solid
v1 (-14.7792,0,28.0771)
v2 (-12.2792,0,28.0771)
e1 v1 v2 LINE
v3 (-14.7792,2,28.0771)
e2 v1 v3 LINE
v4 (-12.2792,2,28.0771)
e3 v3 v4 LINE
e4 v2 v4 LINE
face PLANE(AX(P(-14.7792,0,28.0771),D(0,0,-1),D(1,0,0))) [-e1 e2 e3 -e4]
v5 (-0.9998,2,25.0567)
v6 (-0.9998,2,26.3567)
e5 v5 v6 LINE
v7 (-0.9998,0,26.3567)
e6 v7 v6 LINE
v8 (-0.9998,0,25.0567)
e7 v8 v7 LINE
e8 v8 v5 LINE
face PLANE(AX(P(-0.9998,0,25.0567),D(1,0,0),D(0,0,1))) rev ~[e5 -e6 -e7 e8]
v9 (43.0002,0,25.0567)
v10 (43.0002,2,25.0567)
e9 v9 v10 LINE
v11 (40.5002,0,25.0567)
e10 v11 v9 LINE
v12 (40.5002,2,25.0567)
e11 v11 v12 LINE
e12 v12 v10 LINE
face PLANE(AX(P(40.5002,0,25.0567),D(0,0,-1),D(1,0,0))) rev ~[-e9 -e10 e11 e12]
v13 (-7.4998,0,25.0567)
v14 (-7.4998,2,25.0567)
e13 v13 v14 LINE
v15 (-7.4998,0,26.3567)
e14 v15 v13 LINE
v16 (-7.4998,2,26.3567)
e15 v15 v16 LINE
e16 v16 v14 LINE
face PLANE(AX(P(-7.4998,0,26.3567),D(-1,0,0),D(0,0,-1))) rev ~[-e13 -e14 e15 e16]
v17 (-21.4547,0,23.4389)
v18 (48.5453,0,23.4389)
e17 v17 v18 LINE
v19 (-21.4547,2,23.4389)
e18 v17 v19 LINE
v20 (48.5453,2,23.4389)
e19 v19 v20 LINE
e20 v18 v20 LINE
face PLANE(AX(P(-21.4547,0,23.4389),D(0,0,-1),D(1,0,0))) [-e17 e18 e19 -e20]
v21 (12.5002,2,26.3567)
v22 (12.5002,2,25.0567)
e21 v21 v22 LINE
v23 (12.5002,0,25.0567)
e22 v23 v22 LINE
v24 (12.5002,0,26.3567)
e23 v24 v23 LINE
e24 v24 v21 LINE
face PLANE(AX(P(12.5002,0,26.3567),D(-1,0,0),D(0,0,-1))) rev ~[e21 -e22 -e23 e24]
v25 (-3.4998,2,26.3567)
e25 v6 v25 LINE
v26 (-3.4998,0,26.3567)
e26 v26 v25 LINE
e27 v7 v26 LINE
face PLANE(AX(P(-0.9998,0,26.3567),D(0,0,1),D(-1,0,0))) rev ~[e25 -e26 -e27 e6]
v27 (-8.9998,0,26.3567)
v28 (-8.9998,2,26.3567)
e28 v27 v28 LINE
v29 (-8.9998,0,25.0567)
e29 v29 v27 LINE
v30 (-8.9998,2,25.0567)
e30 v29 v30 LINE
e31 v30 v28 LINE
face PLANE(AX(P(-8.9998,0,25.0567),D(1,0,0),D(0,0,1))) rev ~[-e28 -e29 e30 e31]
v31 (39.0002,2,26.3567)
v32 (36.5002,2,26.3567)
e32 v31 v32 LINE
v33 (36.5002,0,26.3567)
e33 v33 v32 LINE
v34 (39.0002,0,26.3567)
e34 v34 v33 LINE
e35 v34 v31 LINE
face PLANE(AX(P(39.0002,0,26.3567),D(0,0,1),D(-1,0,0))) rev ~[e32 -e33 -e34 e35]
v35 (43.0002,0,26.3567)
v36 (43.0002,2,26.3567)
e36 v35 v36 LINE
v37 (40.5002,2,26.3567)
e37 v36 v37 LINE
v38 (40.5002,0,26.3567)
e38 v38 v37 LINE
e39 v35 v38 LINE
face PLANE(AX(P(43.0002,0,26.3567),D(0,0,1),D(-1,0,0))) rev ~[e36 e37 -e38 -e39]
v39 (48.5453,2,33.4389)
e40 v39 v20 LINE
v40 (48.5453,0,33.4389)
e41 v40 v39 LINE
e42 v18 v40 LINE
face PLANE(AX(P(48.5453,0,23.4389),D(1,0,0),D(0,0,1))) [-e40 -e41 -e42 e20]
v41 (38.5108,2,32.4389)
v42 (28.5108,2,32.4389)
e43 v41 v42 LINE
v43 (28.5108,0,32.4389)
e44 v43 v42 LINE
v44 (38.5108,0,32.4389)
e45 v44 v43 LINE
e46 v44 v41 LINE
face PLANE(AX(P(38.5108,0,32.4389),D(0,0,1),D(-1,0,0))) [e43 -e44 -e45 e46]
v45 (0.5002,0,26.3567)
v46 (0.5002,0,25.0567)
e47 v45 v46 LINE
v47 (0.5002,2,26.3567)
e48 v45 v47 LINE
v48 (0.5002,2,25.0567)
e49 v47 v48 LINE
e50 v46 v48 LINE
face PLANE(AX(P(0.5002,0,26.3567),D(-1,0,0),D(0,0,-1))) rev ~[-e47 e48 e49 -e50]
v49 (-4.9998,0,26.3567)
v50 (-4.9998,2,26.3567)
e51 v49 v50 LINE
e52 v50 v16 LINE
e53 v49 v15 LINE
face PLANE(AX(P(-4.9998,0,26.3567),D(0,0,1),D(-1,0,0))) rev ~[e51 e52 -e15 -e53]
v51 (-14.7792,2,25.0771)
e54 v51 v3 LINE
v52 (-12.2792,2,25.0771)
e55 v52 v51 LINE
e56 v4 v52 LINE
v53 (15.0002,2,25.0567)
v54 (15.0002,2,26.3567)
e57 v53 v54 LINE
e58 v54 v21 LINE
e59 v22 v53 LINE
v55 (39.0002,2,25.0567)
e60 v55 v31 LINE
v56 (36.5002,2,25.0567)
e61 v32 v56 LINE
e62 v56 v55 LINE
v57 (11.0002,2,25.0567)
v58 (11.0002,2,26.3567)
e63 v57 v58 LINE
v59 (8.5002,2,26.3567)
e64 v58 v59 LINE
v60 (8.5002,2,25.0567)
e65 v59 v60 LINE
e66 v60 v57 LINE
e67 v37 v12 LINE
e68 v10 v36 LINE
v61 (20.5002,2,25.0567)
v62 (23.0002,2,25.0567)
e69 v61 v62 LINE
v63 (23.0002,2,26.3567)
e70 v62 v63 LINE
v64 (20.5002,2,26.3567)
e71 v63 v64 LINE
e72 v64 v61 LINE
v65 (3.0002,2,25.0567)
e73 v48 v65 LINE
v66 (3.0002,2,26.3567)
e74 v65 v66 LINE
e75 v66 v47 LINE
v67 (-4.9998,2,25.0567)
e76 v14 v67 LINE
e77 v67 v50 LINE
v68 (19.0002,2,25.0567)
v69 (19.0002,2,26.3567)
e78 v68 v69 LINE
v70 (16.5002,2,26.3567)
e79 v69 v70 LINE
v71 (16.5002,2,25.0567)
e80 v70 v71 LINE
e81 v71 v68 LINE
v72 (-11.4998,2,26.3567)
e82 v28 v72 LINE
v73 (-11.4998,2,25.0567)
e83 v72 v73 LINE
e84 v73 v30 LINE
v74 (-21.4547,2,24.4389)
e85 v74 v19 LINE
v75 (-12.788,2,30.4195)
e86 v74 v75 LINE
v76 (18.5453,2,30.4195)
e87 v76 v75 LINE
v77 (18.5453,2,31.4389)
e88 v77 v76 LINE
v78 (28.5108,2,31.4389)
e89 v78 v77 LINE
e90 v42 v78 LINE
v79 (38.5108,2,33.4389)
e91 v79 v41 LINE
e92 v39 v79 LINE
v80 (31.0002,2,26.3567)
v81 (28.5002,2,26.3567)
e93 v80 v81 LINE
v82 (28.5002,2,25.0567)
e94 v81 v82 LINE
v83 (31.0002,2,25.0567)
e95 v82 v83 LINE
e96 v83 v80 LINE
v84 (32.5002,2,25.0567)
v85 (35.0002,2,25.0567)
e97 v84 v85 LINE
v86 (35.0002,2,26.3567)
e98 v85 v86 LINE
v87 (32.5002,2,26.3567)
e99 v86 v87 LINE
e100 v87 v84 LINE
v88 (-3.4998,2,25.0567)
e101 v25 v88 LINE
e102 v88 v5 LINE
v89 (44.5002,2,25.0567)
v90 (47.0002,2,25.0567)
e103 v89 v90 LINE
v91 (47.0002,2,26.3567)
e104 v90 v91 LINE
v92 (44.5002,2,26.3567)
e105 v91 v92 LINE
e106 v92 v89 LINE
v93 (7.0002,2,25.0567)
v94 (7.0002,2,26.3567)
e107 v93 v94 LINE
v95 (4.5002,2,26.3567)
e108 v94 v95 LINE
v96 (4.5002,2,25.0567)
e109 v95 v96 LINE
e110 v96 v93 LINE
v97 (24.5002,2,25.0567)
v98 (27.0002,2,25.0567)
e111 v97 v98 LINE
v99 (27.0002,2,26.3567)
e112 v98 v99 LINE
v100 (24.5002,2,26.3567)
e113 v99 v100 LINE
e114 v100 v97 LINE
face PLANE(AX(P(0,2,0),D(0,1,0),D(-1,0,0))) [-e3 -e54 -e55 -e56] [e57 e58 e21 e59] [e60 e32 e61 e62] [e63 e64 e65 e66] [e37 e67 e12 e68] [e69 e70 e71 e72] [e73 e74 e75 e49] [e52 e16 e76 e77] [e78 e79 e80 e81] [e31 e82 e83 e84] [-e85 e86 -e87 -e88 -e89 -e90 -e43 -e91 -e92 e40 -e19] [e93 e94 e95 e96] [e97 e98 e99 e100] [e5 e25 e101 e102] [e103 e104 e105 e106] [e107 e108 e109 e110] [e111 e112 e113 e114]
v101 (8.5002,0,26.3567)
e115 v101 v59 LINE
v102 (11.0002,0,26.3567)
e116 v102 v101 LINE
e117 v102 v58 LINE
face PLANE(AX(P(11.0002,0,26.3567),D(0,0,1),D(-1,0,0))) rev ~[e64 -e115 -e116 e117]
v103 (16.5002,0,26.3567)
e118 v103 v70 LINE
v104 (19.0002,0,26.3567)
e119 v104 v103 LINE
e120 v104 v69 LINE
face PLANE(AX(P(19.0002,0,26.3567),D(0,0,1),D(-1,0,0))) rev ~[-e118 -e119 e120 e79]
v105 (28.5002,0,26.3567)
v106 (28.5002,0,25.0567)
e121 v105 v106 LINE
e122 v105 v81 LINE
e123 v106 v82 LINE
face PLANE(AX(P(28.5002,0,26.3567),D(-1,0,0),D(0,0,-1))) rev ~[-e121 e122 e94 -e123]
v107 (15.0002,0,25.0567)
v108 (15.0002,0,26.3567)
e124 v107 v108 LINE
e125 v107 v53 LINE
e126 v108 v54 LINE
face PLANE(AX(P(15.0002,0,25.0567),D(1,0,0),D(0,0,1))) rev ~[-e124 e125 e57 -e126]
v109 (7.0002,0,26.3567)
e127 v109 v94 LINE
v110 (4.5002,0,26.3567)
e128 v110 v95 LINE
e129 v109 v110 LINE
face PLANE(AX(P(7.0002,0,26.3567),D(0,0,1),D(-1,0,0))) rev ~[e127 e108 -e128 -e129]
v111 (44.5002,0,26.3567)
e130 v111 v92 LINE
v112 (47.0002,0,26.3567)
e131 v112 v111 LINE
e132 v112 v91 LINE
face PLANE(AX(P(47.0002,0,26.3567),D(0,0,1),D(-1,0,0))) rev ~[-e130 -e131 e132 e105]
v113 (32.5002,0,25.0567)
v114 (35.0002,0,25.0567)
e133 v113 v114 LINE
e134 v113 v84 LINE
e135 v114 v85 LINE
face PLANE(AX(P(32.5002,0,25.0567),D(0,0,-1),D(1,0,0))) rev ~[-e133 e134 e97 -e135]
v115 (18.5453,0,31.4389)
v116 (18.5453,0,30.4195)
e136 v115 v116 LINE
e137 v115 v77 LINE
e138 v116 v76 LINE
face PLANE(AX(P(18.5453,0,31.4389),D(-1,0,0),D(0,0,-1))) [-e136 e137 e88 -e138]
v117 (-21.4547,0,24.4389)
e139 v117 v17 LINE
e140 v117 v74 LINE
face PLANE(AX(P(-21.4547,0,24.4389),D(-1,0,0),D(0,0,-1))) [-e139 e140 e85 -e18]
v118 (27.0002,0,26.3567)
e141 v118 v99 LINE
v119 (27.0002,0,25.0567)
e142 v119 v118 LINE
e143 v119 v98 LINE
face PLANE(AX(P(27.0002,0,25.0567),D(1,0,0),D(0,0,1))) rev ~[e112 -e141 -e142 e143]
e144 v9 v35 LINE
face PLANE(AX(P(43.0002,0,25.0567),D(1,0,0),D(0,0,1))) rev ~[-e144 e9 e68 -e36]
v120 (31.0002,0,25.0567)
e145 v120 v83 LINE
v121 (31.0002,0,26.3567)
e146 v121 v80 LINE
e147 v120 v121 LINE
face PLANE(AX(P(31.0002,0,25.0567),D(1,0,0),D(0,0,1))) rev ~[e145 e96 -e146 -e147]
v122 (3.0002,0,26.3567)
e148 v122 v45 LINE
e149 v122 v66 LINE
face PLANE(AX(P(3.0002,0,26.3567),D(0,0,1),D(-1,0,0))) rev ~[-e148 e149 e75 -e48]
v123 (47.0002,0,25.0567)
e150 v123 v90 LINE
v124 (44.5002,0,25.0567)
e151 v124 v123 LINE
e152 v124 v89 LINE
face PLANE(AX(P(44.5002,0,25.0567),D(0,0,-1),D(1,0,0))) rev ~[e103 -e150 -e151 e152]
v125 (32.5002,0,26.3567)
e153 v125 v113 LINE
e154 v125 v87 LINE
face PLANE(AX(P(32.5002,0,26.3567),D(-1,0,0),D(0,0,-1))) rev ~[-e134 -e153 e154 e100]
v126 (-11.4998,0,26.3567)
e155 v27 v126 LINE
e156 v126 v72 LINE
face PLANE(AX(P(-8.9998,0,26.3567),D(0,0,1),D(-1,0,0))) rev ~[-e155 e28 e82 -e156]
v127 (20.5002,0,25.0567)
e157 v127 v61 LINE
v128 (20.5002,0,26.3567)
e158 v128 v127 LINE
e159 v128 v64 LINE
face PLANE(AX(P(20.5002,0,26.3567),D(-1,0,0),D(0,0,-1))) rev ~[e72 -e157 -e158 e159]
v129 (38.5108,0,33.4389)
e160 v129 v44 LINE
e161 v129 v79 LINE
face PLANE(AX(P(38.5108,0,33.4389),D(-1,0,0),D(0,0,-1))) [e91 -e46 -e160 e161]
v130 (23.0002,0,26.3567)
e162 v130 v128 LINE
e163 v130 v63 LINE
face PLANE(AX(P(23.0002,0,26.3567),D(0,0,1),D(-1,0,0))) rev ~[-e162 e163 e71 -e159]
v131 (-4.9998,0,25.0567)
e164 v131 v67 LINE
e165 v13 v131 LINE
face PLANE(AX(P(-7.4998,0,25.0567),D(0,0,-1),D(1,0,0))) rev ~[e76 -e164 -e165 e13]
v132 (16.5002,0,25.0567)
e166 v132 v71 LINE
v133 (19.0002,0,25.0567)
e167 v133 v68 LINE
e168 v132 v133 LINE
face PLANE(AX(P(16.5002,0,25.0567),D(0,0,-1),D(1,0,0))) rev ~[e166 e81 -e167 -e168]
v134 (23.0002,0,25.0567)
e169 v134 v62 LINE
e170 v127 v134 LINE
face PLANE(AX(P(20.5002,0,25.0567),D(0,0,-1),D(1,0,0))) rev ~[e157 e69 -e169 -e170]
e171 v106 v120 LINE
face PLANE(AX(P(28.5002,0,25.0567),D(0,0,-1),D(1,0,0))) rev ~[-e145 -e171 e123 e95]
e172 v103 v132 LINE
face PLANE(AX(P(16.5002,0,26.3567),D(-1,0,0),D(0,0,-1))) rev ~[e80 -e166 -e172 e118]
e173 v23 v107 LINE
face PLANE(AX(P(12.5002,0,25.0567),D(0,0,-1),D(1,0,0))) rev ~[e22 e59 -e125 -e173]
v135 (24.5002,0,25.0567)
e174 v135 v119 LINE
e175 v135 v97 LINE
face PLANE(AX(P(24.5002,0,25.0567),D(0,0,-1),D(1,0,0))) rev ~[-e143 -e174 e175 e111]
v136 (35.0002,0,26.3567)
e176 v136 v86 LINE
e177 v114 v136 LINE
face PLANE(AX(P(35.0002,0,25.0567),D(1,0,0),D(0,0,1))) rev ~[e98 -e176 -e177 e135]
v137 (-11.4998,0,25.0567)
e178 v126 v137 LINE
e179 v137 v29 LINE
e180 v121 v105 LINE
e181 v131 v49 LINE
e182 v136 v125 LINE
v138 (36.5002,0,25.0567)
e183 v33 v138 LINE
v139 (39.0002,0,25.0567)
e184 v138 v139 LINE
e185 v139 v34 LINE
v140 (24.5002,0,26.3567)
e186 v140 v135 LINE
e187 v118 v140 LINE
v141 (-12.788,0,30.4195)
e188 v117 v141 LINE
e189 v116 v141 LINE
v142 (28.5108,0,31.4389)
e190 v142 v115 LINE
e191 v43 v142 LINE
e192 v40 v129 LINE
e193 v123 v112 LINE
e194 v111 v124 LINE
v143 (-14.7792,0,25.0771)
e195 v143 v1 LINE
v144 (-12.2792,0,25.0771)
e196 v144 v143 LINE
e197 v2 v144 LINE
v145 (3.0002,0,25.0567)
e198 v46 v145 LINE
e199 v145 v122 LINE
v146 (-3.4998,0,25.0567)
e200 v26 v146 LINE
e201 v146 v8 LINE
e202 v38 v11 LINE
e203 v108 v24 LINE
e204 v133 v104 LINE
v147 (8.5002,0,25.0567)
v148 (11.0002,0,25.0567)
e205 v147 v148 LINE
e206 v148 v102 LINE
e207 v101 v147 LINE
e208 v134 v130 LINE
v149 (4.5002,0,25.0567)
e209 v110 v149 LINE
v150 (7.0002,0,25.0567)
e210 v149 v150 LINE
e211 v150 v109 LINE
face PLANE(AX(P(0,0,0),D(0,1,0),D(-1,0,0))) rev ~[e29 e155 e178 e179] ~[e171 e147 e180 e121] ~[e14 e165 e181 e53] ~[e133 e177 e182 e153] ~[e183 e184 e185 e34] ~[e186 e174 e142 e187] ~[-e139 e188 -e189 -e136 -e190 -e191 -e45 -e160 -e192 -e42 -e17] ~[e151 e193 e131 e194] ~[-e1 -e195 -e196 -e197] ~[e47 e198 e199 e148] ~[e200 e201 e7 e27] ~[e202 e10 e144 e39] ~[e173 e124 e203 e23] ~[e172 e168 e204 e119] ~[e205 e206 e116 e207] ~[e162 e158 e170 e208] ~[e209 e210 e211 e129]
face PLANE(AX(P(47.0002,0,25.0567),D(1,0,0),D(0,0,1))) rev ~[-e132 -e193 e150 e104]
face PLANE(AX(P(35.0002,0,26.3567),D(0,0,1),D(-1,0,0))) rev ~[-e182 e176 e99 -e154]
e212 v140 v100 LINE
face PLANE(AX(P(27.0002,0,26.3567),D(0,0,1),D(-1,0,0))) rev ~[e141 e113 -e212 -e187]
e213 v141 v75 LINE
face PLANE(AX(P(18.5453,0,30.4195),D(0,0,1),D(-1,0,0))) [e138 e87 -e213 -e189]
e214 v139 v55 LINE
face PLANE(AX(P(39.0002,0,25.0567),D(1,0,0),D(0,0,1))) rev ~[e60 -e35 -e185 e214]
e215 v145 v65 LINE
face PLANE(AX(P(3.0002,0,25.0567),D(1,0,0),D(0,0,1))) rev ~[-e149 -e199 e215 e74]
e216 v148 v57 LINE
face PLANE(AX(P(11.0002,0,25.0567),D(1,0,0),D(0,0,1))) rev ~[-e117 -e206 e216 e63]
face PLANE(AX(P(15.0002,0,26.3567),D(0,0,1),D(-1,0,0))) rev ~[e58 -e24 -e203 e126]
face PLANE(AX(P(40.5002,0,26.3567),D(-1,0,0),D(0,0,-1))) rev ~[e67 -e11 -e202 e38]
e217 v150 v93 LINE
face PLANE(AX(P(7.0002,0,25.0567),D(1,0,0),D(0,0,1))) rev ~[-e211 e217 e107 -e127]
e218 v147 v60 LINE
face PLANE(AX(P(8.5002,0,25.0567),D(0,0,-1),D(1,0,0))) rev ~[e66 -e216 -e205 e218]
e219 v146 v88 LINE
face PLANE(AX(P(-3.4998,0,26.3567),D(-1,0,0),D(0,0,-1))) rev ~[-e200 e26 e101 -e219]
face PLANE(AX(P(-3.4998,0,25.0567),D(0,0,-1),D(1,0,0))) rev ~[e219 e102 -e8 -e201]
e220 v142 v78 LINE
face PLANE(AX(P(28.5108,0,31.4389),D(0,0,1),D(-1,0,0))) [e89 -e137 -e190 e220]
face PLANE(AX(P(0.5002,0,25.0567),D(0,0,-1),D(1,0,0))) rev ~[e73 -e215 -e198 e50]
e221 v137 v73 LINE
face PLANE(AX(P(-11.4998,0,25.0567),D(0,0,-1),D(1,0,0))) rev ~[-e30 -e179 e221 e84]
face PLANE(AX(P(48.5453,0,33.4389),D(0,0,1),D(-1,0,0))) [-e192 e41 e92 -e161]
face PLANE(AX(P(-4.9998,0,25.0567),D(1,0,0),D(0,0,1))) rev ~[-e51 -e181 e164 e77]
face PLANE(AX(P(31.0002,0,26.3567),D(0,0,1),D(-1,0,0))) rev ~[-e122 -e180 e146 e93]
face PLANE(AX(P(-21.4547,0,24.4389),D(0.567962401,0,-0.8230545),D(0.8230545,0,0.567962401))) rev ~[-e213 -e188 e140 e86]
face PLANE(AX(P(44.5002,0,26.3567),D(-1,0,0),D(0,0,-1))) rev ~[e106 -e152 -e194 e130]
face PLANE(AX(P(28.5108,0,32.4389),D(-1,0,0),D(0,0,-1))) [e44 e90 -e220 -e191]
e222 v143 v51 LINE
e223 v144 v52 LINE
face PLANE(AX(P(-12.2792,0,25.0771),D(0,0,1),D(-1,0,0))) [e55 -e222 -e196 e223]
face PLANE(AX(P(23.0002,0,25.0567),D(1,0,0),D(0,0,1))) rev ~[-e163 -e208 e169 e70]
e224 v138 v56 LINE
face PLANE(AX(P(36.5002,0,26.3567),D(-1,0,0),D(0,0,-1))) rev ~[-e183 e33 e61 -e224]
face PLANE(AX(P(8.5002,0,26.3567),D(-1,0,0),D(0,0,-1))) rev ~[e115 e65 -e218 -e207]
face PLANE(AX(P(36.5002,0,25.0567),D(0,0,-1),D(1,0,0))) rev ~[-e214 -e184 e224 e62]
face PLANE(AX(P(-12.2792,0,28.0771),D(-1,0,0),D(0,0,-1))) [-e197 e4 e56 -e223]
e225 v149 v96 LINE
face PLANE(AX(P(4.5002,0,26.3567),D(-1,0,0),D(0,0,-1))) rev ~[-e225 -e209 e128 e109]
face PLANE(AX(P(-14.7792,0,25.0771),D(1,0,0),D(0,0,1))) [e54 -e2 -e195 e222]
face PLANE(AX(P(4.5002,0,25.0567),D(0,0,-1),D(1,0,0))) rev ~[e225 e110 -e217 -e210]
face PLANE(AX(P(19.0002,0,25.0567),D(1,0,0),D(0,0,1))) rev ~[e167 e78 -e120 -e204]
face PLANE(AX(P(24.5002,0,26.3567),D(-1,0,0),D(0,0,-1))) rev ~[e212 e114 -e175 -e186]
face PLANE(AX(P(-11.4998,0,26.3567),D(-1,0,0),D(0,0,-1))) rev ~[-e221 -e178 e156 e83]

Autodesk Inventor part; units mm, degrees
ref_plane "YZ Plane" through (0, 0, 0) normal (1, 0, 0) x (0, 1, 0)
ref_plane "XZ Plane" through (0, 0, 0) normal (0, 1, 0) x (-1, 0, 0)
ref_plane "XY Plane" through (0, 0, 0) normal (0, 0, 1) x (1, 0, 0)
sketch "草圖1" plane through (0, 0, 0) normal (0, 1, 0) x (-1, 0, 0)
  line L0 (21.4547, 24.4389) -> (-48.5453, 24.4389)
  line L1 (0.9998, 25.0567) -> (0.9998, 26.3567)
  line L2 (3.4998, 26.3567) -> (3.4998, 25.0567)
  line L3 (0.9998, 26.3567) -> (3.4998, 26.3567)
  line L4 (3.4998, 25.0567) -> (0.9998, 25.0567)
  line L5 (4.9998, 25.0567) -> (4.9998, 26.3567)
  line L6 (-18.5453, 30.4195) -> (12.788, 30.4195)
  line L7 (7.4998, 26.3567) -> (7.4998, 25.0567)
  line L8 (7.4998, 25.0567) -> (4.9998, 25.0567)
  line L9 (4.9998, 26.3567) -> (7.4998, 26.3567)
  line L10 (8.9998, 25.0567) -> (8.9998, 26.3567)
  line L11 (8.9998, 26.3567) -> (11.4998, 26.3567)
  line L12 (-48.5453, 23.4389) -> (-48.5453, 33.4389)
  line L13 (-38.5108, 33.4389) -> (-38.5108, 32.4389)
  line L14 (-38.5108, 32.4389) -> (-28.5108, 32.4389)
  line L15 (-28.5108, 32.4389) -> (-28.5108, 31.4389)
  line L16 (-18.5453, 31.4389) -> (-18.5453, 30.4195)
  line L17 (-28.5108, 31.4389) -> (-18.5453, 31.4389)
  line L18 (11.4998, 25.0567) -> (8.9998, 25.0567)
  line L19 (-44.5002, 26.3567) -> (-44.5002, 25.0567)
  line L20 (-44.5002, 25.0567) -> (-47.0002, 25.0567)
  line L21 (11.4998, 26.3567) -> (11.4998, 25.0567)
  line L22 (-40.5002, 26.3567) -> (-40.5002, 25.0567)
  line L23 (-40.5002, 25.0567) -> (-43.0002, 25.0567)
  line L24 (-47.0002, 25.0567) -> (-47.0002, 26.3567)
  line L25 (-47.0002, 26.3567) -> (-44.5002, 26.3567)
  line L26 (-43.0002, 26.3567) -> (-40.5002, 26.3567)
  line L27 (-36.5002, 26.3567) -> (-36.5002, 25.0567)
  line L28 (-39.0002, 26.3567) -> (-36.5002, 26.3567)
  line L29 (-39.0002, 25.0567) -> (-39.0002, 26.3567)
  line L30 (-36.5002, 25.0567) -> (-39.0002, 25.0567)
  line L31 (-43.0002, 25.0567) -> (-43.0002, 26.3567)
  line L32 (-32.5002, 26.3567) -> (-32.5002, 25.0567)
  line L33 (-32.5002, 25.0567) -> (-35.0002, 25.0567)
  line L34 (-35.0002, 26.3567) -> (-32.5002, 26.3567)
  line L35 (-35.0002, 25.0567) -> (-35.0002, 26.3567)
  line L36 (-28.5002, 26.3567) -> (-28.5002, 25.0567)
  line L37 (-28.5002, 25.0567) -> (-31.0002, 25.0567)
  line L38 (-31.0002, 26.3567) -> (-28.5002, 26.3567)
  line L39 (-31.0002, 25.0567) -> (-31.0002, 26.3567)
  line L40 (-24.5002, 26.3567) -> (-24.5002, 25.0567)
  line L41 (-24.5002, 25.0567) -> (-27.0002, 25.0567)
  line L42 (-27.0002, 25.0567) -> (-27.0002, 26.3567)
  line L43 (-27.0002, 26.3567) -> (-24.5002, 26.3567)
  line L44 (-20.5002, 26.3567) -> (-20.5002, 25.0567)
  line L45 (-20.5002, 25.0567) -> (-23.0002, 25.0567)
  line L46 (-23.0002, 26.3567) -> (-20.5002, 26.3567)
  line L47 (-23.0002, 25.0567) -> (-23.0002, 26.3567)
  line L48 (-16.5002, 26.3567) -> (-16.5002, 25.0567)
  line L49 (-19.0002, 26.3567) -> (-16.5002, 26.3567)
  line L50 (-19.0002, 25.0567) -> (-19.0002, 26.3567)
  line L51 (-16.5002, 25.0567) -> (-19.0002, 25.0567)
  line L52 (-12.5002, 26.3567) -> (-12.5002, 25.0567)
  line L53 (-15.0002, 26.3567) -> (-12.5002, 26.3567)
  line L54 (-15.0002, 25.0567) -> (-15.0002, 26.3567)
  line L55 (-12.5002, 25.0567) -> (-15.0002, 25.0567)
  line L56 (-8.5002, 26.3567) -> (-8.5002, 25.0567)
  line L57 (-8.5002, 25.0567) -> (-11.0002, 25.0567)
  line L58 (-11.0002, 25.0567) -> (-11.0002, 26.3567)
  line L59 (-11.0002, 26.3567) -> (-8.5002, 26.3567)
  line L60 (-4.5002, 25.0567) -> (-7.0002, 25.0567)
  line L61 (-7.0002, 26.3567) -> (-4.5002, 26.3567)
  line L62 (-7.0002, 25.0567) -> (-7.0002, 26.3567)
  line L63 (-4.5002, 26.3567) -> (-4.5002, 25.0567)
  line L64 (-3.0002, 25.0567) -> (-3.0002, 26.3567)
  line L65 (-0.5002, 25.0567) -> (-3.0002, 25.0567)
  line L66 (-3.0002, 26.3567) -> (-0.5002, 26.3567)
  line L67 (-0.5002, 26.3567) -> (-0.5002, 25.0567)
  line L68 (-48.5453, 33.4389) -> (-38.5108, 33.4389)
  line L69 (21.4547, 24.4389) -> (12.788, 30.4195)
  line L70 (12.2792, 28.0771) -> (12.2792, 25.0771)
  line L71 (14.7792, 28.0771) -> (12.2792, 28.0771)
  line L72 (12.2792, 25.0771) -> (14.7792, 25.0771)
  line L73 (14.7792, 25.0771) -> (14.7792, 28.0771)
  line L74 (-48.5453, 33.4389) -> (-48.5453, 23.4389)
  line L75 (-48.5453, 23.4389) -> (-48.5453, 24.4389)
  line L76 (-48.5453, 24.4389) -> (21.4547, 24.4389)
  line L77 (21.4547, 24.4389) -> (21.4547, 23.4389)
  line L78 (21.4547, 23.4389) -> (-48.5453, 23.4389)
  point P0 (34.4342, -20.4461)
  dimension "d19" = 2.5
  dimension "d20" = 3
  dimension "d26" = 70
  dimension "d27" = 10
extrude "擠出1" add sketch "草圖1" along normal blind 2
properties part number "援助旁邊4跟"
